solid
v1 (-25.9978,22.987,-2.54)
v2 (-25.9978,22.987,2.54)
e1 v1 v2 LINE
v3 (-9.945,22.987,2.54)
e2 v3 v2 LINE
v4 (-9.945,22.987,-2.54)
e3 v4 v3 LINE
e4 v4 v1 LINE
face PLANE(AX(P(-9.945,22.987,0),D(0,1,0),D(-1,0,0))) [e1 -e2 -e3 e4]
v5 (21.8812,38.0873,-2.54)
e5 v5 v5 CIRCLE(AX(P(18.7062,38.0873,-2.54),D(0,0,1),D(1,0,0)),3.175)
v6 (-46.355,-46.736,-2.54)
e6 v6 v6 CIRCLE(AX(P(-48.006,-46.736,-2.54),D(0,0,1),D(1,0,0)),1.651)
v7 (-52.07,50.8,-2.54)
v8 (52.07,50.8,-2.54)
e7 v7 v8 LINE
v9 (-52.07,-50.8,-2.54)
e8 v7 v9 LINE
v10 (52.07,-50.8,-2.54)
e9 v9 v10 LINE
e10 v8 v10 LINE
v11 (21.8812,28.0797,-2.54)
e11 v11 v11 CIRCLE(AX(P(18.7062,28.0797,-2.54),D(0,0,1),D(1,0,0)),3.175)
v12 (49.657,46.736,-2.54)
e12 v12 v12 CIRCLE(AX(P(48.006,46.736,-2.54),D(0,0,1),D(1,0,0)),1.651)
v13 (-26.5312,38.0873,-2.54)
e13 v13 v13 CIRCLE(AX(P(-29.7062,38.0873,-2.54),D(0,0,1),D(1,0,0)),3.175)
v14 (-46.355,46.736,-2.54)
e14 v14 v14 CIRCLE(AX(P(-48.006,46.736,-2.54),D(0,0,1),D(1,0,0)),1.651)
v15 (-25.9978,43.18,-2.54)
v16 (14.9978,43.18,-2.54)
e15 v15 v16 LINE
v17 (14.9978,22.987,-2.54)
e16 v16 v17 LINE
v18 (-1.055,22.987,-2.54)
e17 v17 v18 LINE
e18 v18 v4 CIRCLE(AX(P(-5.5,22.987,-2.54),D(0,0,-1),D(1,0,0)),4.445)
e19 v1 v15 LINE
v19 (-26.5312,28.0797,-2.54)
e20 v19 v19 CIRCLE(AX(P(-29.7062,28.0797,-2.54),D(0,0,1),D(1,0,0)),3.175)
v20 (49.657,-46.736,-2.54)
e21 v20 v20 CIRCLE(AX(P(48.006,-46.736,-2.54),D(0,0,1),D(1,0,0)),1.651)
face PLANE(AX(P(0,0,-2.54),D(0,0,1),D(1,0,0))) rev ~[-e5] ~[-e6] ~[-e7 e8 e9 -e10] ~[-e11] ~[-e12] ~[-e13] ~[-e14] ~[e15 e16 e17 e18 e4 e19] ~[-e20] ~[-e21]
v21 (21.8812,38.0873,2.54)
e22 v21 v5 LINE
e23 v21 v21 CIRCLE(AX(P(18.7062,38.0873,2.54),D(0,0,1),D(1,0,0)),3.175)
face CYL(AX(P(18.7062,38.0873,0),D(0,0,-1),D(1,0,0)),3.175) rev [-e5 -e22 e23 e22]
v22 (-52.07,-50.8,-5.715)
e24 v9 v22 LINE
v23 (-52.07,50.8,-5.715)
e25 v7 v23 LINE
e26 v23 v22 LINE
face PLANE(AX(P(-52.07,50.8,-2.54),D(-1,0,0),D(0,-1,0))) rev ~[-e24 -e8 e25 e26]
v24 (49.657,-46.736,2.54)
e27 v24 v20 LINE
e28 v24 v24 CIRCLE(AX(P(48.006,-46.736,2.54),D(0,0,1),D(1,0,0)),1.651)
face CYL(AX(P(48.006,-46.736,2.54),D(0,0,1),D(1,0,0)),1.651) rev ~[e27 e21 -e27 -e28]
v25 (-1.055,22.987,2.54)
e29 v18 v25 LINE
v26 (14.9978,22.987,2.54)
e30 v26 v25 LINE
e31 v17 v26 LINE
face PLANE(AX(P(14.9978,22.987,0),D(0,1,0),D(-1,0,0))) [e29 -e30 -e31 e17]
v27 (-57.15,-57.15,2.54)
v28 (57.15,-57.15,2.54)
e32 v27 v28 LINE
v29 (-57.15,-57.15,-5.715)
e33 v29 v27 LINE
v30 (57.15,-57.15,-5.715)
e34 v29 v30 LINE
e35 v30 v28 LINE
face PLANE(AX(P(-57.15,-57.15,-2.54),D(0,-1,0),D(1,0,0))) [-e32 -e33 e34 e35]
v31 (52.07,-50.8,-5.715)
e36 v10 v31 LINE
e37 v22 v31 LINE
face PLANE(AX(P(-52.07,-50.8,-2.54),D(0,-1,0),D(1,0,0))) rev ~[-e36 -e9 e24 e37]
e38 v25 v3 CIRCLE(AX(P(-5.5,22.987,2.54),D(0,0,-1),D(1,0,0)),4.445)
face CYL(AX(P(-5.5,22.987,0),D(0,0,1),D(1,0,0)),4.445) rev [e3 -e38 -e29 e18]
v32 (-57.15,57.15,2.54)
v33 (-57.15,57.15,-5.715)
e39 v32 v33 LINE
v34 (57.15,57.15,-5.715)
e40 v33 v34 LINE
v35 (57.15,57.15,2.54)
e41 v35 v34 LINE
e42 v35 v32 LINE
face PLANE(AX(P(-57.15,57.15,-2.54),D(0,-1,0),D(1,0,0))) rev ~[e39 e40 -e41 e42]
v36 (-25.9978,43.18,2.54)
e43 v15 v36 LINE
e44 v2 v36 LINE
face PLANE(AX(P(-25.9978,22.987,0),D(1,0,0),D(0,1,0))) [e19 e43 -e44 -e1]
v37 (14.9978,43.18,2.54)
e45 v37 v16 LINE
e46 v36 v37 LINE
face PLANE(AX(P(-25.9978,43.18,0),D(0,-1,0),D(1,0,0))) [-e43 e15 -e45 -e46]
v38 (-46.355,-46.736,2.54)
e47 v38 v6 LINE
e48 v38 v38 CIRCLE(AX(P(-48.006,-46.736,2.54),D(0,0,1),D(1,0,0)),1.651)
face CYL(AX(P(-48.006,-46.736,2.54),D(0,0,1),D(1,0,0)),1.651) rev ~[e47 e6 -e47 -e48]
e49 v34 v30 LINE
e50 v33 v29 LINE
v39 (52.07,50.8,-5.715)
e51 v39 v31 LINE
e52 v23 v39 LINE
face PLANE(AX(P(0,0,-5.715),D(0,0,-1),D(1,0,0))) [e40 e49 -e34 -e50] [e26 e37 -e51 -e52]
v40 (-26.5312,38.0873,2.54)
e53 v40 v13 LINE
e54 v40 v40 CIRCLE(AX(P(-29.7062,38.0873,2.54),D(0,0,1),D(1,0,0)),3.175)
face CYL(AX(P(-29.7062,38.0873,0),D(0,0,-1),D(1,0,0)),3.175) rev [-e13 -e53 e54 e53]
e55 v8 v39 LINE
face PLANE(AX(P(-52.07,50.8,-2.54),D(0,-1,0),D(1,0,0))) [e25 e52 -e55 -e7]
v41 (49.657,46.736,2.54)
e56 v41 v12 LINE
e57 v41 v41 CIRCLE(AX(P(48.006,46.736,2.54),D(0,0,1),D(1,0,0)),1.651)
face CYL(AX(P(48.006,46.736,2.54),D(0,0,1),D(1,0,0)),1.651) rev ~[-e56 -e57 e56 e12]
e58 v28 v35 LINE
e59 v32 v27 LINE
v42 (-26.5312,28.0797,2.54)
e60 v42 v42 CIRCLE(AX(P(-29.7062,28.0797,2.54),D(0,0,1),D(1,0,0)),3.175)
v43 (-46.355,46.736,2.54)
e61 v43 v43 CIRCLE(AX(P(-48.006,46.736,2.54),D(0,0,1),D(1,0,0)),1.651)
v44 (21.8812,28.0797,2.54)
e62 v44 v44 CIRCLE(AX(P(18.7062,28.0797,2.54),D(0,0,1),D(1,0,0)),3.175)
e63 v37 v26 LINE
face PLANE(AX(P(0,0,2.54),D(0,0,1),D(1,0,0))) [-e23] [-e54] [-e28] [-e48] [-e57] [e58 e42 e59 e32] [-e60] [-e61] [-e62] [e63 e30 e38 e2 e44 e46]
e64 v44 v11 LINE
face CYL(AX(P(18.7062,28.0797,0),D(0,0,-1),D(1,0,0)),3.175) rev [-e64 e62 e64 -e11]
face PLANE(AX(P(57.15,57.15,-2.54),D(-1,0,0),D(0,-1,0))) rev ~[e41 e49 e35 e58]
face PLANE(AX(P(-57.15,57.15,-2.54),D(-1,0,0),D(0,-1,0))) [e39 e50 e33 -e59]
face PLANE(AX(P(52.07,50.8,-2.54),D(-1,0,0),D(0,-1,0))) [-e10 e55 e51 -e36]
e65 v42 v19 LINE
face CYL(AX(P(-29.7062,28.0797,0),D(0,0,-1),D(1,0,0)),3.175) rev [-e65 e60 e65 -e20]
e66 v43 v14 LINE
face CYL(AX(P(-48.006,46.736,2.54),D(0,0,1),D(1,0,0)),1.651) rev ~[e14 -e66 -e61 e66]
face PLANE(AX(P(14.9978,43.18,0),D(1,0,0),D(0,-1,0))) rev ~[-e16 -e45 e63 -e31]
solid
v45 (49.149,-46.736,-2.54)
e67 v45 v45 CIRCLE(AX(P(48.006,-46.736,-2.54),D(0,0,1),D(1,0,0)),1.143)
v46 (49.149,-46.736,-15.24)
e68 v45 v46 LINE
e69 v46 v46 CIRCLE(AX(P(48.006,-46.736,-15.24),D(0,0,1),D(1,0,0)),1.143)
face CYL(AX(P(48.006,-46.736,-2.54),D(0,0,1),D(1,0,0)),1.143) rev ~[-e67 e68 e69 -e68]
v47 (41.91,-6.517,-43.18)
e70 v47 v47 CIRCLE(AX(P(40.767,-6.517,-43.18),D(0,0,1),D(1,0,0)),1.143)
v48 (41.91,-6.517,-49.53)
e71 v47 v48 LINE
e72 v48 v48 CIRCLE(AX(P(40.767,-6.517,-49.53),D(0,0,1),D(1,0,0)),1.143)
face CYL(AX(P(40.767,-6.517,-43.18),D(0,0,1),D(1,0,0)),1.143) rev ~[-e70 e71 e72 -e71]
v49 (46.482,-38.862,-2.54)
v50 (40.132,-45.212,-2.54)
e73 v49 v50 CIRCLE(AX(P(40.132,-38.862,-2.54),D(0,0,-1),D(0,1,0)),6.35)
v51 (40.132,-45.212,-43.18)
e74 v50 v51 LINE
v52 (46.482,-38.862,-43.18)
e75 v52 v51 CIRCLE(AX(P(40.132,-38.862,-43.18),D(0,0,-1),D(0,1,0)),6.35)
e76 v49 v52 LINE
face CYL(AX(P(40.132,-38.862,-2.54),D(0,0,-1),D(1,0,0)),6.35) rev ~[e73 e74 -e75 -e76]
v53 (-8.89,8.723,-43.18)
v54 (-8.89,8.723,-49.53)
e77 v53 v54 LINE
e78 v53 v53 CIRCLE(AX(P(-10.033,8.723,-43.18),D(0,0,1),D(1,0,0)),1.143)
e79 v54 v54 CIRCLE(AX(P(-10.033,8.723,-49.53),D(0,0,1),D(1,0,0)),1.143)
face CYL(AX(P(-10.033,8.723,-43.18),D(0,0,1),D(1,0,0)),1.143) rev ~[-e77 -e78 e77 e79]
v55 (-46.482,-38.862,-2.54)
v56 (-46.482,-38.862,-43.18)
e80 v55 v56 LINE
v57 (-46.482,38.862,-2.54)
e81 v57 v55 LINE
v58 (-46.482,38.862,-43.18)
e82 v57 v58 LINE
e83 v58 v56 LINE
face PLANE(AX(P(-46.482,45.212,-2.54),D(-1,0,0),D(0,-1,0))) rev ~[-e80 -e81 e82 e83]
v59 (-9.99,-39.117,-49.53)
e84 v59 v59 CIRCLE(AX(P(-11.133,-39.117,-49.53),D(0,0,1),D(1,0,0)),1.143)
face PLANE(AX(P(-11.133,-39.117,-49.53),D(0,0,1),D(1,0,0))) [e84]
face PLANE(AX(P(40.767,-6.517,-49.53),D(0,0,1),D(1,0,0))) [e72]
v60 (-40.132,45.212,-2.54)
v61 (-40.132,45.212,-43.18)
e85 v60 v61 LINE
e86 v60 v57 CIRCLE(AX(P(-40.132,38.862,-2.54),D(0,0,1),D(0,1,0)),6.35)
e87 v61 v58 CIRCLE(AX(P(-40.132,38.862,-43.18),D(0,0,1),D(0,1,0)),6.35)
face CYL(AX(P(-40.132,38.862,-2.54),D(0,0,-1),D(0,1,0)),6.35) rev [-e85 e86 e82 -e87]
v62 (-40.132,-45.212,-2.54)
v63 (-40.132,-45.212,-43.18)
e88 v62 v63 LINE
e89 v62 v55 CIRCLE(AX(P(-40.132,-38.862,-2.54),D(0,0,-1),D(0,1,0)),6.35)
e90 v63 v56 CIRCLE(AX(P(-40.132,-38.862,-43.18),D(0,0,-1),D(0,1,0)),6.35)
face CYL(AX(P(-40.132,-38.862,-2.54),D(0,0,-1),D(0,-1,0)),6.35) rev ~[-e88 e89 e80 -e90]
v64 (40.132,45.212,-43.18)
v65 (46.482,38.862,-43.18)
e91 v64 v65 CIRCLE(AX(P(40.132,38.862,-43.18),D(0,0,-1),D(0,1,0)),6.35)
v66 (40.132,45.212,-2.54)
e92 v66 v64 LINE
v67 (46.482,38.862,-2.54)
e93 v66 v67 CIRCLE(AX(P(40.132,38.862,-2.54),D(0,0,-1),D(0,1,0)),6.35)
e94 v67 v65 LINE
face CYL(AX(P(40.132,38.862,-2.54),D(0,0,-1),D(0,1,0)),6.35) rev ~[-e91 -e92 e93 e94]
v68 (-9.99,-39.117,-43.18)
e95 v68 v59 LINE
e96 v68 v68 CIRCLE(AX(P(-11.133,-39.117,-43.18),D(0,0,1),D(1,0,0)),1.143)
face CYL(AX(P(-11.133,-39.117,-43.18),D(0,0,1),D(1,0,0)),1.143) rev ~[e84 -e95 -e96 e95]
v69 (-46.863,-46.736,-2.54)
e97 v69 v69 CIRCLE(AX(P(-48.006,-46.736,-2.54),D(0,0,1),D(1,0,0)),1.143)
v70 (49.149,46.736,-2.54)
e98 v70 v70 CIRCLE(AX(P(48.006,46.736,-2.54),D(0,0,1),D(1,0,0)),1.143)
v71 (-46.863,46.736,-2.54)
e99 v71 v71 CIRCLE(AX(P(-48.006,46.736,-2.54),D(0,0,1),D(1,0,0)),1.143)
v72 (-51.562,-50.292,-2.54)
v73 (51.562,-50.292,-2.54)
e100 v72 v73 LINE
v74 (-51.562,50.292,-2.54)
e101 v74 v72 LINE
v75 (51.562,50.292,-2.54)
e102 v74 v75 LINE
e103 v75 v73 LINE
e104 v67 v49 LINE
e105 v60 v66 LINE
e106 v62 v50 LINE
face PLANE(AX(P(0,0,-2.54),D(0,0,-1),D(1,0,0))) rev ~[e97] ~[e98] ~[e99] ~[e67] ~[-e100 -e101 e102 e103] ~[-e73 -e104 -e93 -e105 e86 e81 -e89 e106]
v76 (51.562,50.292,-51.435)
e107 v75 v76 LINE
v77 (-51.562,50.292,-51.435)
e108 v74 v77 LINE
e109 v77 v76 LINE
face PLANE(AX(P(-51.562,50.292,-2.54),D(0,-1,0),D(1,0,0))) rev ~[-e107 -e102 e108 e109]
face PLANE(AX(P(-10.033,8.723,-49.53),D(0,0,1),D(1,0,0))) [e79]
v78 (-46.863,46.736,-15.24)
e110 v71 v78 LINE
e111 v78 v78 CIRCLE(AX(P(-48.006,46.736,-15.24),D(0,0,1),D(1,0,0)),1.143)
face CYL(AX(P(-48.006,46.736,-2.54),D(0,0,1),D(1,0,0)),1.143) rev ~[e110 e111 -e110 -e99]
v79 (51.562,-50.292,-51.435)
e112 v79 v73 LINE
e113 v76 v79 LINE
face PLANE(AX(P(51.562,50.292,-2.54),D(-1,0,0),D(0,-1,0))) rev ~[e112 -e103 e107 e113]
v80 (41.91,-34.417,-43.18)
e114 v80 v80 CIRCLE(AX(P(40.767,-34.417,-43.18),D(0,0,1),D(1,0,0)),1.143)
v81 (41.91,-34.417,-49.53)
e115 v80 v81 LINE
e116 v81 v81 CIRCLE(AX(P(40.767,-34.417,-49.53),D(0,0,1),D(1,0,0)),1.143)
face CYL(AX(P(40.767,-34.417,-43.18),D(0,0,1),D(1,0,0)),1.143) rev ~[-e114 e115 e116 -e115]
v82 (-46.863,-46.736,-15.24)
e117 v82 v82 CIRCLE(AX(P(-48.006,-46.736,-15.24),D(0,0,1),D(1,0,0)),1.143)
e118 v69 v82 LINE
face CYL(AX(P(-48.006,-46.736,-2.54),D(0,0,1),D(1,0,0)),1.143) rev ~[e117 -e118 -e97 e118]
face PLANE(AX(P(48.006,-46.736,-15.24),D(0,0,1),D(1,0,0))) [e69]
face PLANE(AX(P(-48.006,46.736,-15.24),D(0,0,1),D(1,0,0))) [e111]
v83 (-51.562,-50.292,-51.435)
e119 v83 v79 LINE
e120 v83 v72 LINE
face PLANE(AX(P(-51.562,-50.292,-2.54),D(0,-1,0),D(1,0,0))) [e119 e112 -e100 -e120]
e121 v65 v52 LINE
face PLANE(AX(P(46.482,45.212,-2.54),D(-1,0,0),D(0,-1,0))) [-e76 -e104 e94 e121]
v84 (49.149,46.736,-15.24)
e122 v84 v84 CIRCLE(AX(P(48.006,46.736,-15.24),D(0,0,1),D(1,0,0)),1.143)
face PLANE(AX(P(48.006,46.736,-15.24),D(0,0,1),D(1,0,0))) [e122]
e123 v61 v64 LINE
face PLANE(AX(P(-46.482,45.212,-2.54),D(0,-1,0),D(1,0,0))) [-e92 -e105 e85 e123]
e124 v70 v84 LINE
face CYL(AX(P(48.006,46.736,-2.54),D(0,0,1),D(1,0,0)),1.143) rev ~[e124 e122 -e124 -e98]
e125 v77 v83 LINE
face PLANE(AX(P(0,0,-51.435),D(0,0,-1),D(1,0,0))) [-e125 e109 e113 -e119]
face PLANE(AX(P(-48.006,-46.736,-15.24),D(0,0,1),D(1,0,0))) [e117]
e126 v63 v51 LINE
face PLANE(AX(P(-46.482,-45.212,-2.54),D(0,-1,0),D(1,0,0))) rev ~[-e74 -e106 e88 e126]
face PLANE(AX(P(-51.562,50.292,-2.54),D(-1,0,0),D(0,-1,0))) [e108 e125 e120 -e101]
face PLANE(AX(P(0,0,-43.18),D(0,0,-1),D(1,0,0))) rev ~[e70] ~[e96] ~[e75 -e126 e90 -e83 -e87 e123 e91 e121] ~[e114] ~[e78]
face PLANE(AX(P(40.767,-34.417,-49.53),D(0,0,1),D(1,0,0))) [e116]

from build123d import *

# Parameters (mm, degrees)
F0_R      = 3.175
F1_DEPTH  = 2.54
F2_W      = 114.3
F2_H      = 114.3
F2_W_2    = 104.14
F2_H_2    = 101.6
F3_DEPTH  = 3.175
F4_W      = 103.124
F4_H      = 100.584
F4_W_2    = 92.964
F4_H_2    = 90.424
F5_DEPTH  = 48.895
F6_W      = 103.124
F6_H      = 100.584
F7_DEPTH  = 8.255
F8_R      = 1.143
F9_DEPTH  = 6.35
F10_R     = 6.35
F11_R     = 1.143
F12_DEPTH = 12.7
F13_R     = 1.651
F14_DEPTH = 53.976


with BuildPart() as f1:
    # F0 (on Top) → F1 (new body, symmetric)
    with BuildSketch(Plane.XY):
        Polygon((57.15, -57.15), (57.15, 57.15), (0, 57.15), (-5.5, 57.15), (-57.15, 57.15), (-57.15, -57.15), align=None)
        with Locations((-29.7062, 28.0797)):
            Circle(F0_R, mode=Mode.SUBTRACT)
        with Locations((-29.7062, 38.0873)):
            Circle(F0_R, mode=Mode.SUBTRACT)
        with BuildLine():
            Line((-25.9978, 22.987), (-25.9978, 43.18))
            Line((-25.9978, 43.18), (14.9978, 43.18))
            Line((14.9978, 43.18), (14.9978, 22.987))
            Line((14.9978, 22.987), (-1.055, 22.987))
            ThreePointArc((-1.055, 22.987), (-5.5, 18.542), (-9.945, 22.987))
            Line((-9.945, 22.987), (-25.9978, 22.987))
        make_face(mode=Mode.SUBTRACT)
        with Locations((18.7062, 28.0797)):
            Circle(F0_R, mode=Mode.SUBTRACT)
        with Locations((18.7062, 38.0873)):
            Circle(F0_R, mode=Mode.SUBTRACT)
    extrude(amount=F1_DEPTH, both=True)

    # F2 (on face) → F3 (join)
    with BuildSketch(Plane(origin=(0, 0, -2.54), x_dir=(1, 0, 0), z_dir=(0, 0, -1))):
        Rectangle(F2_W, F2_H)
        Rectangle(F2_W_2, F2_H_2, mode=Mode.SUBTRACT)
    extrude(amount=F3_DEPTH)

    # F13 (on face) → F14 (cut, through all)
    with BuildSketch(Plane.XY.offset(2.54)):
        with Locations((-48.006, -46.736)):
            Circle(F13_R)
        with Locations((-48.006, 46.736)):
            Circle(F13_R)
        with Locations((48.006, 46.736)):
            Circle(F13_R)
        with Locations((48.006, -46.736)):
            Circle(F13_R)
    extrude(amount=-F14_DEPTH, mode=Mode.SUBTRACT)


with BuildPart() as f5:
    # F4 (on face) → F5 (new body)
    with BuildSketch(Plane(origin=(0, 0, -2.54), x_dir=(1, 0, 0), z_dir=(0, 0, -1))):
        Rectangle(F4_W, F4_H)
        Rectangle(F4_W_2, F4_H_2, mode=Mode.SUBTRACT)
    extrude(amount=F5_DEPTH)

    # F6 (on face) → F7 (join)
    with BuildSketch(Plane(origin=(0, 0, -51.435), x_dir=(1, 0, 0), z_dir=(0, 0, -1))):
        Rectangle(F6_W, F6_H)
    extrude(amount=-F7_DEPTH)

    # F8 (on face) → F9 (cut)
    with BuildSketch(Plane.XY.offset(-43.18)):
        with Locations((-10.033, 8.723)):
            Circle(F8_R)
        with Locations((40.767, -6.517)):
            Circle(F8_R)
        with Locations((40.767, -34.417)):
            Circle(F8_R)
        with Locations((-11.133, -39.117)):
            Circle(F8_R)
    extrude(amount=-F9_DEPTH, mode=Mode.SUBTRACT)

    # F10
    f10_edges = [f5.edges().sort_by_distance(p)[0] for p in [
        (-46.482, 45.212, -22.86),
        (46.482, 45.212, -22.86),
        (46.482, -45.212, -22.86),
        (-46.482, -45.212, -22.86),
    ]]
    fillet(f10_edges, radius=F10_R)

    # F11 (on face) → F12 (cut)
    with BuildSketch(Plane.XY.offset(-2.54)):
        with Locations((-48.006, 46.736)):
            Circle(F11_R)
        with Locations((48.006, 46.736)):
            Circle(F11_R)
        with Locations((48.006, -46.736)):
            Circle(F11_R)
        with Locations((-48.006, -46.736)):
            Circle(F11_R)
    extrude(amount=-F12_DEPTH, mode=Mode.SUBTRACT)


solid = Compound([f1.part, f5.part])
